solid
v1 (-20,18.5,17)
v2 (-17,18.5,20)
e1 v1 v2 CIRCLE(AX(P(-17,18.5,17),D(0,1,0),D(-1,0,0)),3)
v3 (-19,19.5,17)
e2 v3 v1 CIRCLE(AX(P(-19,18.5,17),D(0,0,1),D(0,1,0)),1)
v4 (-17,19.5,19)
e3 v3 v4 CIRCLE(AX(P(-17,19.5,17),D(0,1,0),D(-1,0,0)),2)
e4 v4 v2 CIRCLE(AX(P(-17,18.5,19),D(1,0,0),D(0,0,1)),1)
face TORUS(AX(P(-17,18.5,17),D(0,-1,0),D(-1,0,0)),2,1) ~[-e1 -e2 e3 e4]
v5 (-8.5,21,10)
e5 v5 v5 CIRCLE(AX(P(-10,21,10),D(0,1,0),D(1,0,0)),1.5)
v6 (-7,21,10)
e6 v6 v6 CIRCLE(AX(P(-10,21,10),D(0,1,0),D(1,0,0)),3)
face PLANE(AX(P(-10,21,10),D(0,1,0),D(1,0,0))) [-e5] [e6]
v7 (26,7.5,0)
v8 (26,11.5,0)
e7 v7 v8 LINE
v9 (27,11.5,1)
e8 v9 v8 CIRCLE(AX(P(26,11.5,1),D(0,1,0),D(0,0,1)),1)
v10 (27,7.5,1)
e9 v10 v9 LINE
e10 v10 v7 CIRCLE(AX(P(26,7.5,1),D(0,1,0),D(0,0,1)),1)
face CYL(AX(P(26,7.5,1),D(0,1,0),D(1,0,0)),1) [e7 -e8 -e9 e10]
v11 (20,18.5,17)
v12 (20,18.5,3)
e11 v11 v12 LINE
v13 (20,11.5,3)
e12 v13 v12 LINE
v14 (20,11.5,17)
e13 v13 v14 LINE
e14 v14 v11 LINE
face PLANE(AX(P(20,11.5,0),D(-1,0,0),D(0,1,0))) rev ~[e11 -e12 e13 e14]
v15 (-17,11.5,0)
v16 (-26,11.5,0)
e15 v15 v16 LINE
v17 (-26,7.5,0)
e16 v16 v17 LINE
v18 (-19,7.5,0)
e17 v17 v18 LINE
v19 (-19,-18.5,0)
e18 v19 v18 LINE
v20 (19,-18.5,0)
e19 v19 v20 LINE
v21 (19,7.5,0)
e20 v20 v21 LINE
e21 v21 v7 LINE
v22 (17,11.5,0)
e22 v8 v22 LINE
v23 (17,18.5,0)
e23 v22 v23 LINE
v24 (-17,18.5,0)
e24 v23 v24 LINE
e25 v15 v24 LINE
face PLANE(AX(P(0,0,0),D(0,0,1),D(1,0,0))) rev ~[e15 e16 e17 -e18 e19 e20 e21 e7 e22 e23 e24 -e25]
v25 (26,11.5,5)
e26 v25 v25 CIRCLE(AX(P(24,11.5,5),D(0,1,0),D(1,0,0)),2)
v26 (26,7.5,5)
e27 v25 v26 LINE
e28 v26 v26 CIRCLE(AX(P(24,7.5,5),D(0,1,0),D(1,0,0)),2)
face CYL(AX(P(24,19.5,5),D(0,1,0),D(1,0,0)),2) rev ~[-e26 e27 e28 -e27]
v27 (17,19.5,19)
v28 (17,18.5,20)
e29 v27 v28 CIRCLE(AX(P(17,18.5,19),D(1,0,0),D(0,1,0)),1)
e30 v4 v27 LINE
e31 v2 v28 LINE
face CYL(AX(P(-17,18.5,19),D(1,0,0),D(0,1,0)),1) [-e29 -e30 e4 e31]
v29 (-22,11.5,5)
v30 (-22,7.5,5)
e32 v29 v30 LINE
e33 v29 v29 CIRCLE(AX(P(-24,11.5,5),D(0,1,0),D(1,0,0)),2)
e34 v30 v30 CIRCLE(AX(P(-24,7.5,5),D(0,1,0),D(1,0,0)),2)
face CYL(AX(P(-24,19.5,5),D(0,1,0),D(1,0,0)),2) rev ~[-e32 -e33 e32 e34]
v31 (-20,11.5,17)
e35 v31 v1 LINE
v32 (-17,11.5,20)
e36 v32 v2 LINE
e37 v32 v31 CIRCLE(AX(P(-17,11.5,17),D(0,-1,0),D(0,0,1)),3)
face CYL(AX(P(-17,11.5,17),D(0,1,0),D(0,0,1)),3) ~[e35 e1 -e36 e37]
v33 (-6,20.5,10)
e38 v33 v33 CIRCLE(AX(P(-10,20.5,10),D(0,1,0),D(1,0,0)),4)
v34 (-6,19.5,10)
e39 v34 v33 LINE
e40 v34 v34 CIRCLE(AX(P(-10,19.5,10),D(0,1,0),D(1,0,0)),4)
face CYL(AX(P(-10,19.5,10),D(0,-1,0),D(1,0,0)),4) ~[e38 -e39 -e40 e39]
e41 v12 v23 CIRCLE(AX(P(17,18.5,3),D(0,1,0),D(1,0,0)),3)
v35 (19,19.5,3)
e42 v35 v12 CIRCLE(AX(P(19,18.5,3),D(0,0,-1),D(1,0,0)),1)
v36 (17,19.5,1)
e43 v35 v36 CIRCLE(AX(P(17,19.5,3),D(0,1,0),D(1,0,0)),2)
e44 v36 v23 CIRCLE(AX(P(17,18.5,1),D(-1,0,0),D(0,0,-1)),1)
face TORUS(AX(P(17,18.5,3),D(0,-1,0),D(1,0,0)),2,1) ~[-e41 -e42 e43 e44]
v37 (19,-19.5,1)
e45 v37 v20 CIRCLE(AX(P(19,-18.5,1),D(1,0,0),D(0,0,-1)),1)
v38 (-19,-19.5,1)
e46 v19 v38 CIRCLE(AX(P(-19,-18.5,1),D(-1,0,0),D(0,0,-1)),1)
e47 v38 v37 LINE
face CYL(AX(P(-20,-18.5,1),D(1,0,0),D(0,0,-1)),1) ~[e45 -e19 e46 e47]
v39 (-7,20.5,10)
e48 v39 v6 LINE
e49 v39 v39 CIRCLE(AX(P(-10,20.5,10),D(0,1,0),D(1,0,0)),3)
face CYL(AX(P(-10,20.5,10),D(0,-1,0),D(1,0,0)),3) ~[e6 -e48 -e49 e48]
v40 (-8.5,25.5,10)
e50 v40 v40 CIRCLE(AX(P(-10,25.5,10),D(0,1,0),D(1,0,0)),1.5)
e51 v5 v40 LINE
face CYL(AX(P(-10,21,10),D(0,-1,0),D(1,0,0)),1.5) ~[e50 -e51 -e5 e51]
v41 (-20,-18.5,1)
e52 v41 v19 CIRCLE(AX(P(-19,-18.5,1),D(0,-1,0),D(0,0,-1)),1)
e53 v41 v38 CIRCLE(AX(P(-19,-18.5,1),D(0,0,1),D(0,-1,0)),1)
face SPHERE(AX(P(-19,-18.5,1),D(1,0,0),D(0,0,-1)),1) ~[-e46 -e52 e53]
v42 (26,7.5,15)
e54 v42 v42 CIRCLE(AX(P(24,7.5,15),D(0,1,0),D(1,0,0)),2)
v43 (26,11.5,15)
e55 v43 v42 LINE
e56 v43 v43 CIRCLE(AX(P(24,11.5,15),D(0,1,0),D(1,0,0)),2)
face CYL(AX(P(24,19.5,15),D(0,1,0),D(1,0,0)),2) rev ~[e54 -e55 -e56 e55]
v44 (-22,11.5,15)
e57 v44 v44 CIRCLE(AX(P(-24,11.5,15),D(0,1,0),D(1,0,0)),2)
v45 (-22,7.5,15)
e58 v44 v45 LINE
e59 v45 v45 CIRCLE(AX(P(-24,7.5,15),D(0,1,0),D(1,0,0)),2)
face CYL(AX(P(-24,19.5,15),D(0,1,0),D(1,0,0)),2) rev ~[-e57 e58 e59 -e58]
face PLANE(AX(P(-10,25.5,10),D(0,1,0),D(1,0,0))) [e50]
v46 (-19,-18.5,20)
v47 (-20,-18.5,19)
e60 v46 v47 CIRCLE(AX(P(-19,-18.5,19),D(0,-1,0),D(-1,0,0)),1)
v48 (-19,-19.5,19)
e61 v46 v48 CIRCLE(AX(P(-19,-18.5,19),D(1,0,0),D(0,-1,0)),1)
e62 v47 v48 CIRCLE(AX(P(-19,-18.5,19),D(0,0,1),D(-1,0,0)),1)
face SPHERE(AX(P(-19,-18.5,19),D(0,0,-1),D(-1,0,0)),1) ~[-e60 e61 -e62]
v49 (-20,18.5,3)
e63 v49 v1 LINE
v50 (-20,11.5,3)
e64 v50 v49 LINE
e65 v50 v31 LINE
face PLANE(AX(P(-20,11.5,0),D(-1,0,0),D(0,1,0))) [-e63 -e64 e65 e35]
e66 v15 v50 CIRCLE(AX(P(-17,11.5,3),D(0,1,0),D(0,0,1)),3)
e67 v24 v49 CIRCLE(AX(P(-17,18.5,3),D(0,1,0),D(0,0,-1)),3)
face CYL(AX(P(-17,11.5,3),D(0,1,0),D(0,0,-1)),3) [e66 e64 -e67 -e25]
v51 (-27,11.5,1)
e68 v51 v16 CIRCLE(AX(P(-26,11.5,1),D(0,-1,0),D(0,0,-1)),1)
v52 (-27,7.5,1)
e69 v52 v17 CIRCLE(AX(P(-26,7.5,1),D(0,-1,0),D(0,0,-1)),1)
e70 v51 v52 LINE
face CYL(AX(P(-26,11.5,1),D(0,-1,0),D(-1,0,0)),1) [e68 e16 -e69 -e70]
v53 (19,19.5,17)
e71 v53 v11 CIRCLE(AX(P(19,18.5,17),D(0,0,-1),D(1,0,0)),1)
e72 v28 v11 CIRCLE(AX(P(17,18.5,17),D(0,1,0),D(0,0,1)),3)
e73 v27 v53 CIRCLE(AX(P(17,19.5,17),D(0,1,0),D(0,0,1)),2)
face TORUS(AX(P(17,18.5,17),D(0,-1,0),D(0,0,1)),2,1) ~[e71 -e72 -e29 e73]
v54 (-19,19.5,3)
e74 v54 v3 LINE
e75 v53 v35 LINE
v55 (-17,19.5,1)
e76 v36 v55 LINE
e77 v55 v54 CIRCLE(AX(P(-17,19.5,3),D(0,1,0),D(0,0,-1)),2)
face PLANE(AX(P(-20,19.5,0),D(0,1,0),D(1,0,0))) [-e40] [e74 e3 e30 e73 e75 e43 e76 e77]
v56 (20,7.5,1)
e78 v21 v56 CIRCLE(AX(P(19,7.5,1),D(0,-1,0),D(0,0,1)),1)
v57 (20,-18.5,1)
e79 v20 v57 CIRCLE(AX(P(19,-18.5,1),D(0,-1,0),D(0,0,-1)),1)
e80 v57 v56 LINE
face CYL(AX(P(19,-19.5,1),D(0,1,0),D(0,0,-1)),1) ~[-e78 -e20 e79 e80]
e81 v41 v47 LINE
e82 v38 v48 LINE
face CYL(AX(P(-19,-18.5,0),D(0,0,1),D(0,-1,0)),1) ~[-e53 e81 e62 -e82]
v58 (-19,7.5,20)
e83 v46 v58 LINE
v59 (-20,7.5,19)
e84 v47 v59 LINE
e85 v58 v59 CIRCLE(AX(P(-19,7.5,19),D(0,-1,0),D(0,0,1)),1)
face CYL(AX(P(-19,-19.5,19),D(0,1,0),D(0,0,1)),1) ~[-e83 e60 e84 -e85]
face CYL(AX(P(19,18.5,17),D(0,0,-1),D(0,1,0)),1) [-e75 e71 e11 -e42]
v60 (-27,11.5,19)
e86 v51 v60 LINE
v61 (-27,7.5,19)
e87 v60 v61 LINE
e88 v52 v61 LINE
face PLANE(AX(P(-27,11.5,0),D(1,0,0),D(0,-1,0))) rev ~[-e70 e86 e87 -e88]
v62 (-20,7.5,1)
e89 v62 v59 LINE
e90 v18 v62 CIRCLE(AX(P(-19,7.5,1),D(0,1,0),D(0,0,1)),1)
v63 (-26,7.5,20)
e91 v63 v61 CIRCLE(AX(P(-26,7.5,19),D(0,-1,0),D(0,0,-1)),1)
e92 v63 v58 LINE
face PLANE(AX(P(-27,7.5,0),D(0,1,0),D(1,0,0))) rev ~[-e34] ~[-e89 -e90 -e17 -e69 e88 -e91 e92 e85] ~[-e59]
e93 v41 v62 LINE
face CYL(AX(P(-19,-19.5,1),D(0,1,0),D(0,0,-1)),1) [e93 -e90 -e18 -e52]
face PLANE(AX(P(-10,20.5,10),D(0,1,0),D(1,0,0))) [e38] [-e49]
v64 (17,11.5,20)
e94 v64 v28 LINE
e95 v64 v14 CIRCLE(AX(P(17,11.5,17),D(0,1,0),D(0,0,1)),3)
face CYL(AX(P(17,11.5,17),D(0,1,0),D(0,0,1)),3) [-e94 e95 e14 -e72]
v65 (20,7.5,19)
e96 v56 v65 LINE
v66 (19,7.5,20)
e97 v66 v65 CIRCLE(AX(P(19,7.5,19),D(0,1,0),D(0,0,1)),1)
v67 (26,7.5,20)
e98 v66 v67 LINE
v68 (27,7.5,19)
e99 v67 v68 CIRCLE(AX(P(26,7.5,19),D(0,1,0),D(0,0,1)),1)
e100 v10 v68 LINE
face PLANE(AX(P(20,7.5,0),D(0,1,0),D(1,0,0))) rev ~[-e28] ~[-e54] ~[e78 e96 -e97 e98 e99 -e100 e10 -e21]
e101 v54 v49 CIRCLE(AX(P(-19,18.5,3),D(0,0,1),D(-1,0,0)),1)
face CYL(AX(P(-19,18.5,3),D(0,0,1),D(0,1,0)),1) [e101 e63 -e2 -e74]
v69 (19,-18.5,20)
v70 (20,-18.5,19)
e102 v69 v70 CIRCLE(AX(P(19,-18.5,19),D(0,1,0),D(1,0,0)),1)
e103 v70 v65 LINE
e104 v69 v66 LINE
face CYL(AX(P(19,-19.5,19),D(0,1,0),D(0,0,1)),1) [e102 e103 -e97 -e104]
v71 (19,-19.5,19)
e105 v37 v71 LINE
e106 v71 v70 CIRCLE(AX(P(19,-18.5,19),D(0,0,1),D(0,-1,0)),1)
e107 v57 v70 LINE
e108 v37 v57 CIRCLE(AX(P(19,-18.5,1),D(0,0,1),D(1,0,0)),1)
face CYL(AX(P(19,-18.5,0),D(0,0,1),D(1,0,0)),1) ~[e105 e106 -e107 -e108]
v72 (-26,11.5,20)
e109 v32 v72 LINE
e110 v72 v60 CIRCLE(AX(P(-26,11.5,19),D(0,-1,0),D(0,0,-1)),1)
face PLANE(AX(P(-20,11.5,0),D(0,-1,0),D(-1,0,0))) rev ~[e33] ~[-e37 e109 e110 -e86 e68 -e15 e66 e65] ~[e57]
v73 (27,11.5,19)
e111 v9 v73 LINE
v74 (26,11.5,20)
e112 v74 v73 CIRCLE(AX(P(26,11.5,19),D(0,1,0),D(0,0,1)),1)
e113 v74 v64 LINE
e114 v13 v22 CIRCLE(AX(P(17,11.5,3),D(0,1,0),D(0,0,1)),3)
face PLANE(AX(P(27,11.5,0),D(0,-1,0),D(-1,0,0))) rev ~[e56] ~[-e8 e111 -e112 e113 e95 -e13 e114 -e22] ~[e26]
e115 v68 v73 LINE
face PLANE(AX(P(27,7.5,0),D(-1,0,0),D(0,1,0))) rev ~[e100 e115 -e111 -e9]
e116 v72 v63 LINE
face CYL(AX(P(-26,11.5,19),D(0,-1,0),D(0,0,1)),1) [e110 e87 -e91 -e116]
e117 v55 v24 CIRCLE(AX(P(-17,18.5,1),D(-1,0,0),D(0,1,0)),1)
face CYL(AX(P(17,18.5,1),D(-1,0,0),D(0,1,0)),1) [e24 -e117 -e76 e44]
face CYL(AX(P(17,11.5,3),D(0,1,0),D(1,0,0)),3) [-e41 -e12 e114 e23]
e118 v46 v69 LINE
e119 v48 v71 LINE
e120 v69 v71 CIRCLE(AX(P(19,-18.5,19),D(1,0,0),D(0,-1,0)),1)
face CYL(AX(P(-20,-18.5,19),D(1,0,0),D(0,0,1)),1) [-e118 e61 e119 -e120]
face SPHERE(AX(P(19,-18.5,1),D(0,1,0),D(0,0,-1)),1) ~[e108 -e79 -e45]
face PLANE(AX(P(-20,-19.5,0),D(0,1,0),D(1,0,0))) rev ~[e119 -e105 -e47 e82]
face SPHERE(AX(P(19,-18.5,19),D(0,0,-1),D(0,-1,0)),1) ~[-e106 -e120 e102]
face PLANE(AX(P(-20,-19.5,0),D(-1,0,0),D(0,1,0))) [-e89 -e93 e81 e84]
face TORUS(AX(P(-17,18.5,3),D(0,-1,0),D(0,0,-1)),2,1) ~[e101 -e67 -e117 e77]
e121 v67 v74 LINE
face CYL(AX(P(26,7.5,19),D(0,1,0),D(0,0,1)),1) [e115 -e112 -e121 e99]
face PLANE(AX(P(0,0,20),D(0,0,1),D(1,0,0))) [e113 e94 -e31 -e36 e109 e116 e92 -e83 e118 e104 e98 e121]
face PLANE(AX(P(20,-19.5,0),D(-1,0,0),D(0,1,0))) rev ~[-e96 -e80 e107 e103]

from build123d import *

# Parameters (mm, degrees)
SKETCH_1_W          = 40
SKETCH_1_H          = 39
SKETCH_1_R          = 2
EXTRUDE_2_DEPTH     = 20
SKETCH_4_R          = 2
CUT_EXTRUDE_1_DEPTH = 20
SKETCH_5_R          = 4
EXTRUDE_3_DEPTH     = 1
SKETCH_6_R          = 3
EXTRUDE_4_DEPTH     = 0.5
SKETCH_7_R          = 1.5
EXTRUDE_5_DEPTH     = 4.5
FILLET_2_R          = 3
FILLET_3_R          = 3
FILLET_4_R          = 1
FILLET_5_R          = 1
FILLET_6_R          = 1
FILLET_8_R          = 1


with BuildPart() as part:
    # 草图1 → 凸台-拉伸2 (new body)
    with BuildSketch(Plane.XY):
        Rectangle(SKETCH_1_W, SKETCH_1_H)
        with BuildLine():
            Line((-20, 7.5), (-20, 11.5))
            Line((-20, 11.5), (-24, 11.5))
            ThreePointArc((-24, 11.5), (-22.585786438, 10.914213562), (-22, 9.5))
            ThreePointArc((-22, 9.5), (-22.585786438, 8.085786438), (-24, 7.5))
            Line((-24, 7.5), (-20, 7.5))
        make_face()
        with BuildLine():
            ThreePointArc((-24, 7.5), (-26, 9.5), (-24, 11.5))
            Line((-24, 11.5), (-27, 11.5))
            Line((-27, 11.5), (-27, 7.5))
            Line((-27, 7.5), (-24, 7.5))
        make_face()
        with Locations((-24, 9.5)):
            Circle(SKETCH_1_R)
        Polygon((27, 11.5), (20, 11.5), (20, 7.5), (24, 7.5), (27, 7.5), align=None)
    extrude(amount=EXTRUDE_2_DEPTH)

    # 草图4 → 切除-拉伸1 (cut)
    with BuildSketch(Plane(origin=(0, 19.5, 0), x_dir=(1, 0, 0), z_dir=(0, 1, 0))):
        with Locations((-24, -15)):
            Circle(SKETCH_4_R)
        with Locations((24, -15)):
            Circle(SKETCH_4_R)
        with Locations((-24, -5)):
            Circle(SKETCH_4_R)
        with Locations((24, -5)):
            Circle(SKETCH_4_R)
    extrude(amount=-CUT_EXTRUDE_1_DEPTH, mode=Mode.SUBTRACT)

    # 草图5 → 凸台-拉伸3 (add)
    with BuildSketch(Plane(origin=(0, 19.5, 0), x_dir=(1, 0, 0), z_dir=(0, 1, 0))):
        with Locations((-10, -10)):
            Circle(SKETCH_5_R)
    extrude(amount=EXTRUDE_3_DEPTH)

    # 草图6 → 凸台-拉伸4 (add)
    with BuildSketch(Plane(origin=(0, 20.5, 0), x_dir=(1, 0, 0), z_dir=(0, 1, 0))):
        with Locations((-10, -10)):
            Circle(SKETCH_6_R)
    extrude(amount=EXTRUDE_4_DEPTH)

    # 草图7 → 凸台-拉伸5 (add)
    with BuildSketch(Plane(origin=(0, 21, 0), x_dir=(1, 0, 0), z_dir=(0, 1, 0))):
        with Locations((-10, -10)):
            Circle(SKETCH_7_R)
    extrude(amount=EXTRUDE_5_DEPTH)

    # 圆角2
    fillet_2_edges = [part.edges().sort_by_distance(p)[0] for p in [
        (-20, 15.5, 20),
    ]]
    fillet(fillet_2_edges, radius=FILLET_2_R)

    # 圆角3
    fillet_3_edges = [part.edges().sort_by_distance(p)[0] for p in [
        (-20, 15.5, 0),
        (20, 15.5, 0),
        (20, 15.5, 20),
    ]]
    fillet(fillet_3_edges, radius=FILLET_3_R)

    # 圆角4
    fillet_4_edges = [part.edges().sort_by_distance(p)[0] for p in [
        (20, -6, 0),
        (0, -19.5, 0),
        (-20, -6, 0),
        (20, -19.5, 10),
        (-20, -19.5, 10),
        (-20, -6, 20),
        (0, -19.5, 20),
        (20, -6, 20),
    ]]
    fillet(fillet_4_edges, radius=FILLET_4_R)

    # 圆角5
    fillet_5_edges = [part.edges().sort_by_distance(p)[0] for p in [
        (-27, 9.5, 0),
        (-27, 9.5, 20),
    ]]
    fillet(fillet_5_edges, radius=FILLET_5_R)

    # 圆角6
    fillet_6_edges = [part.edges().sort_by_distance(p)[0] for p in [
        (19.121320344, 19.5, 0.878679656),
        (19.121320344, 19.5, 19.121320344),
        (0, 19.5, 20),
        (-20, 19.5, 10),
        (-19.121320344, 19.5, 19.121320344),
        (20, 19.5, 10),
        (0, 19.5, 0),
        (-19.121320344, 19.5, 0.878679656),
    ]]
    fillet(fillet_6_edges, radius=FILLET_6_R)

    # 圆角8
    fillet_8_edges = [part.edges().sort_by_distance(p)[0] for p in [
        (27, 9.5, 0),
        (27, 9.5, 20),
    ]]
    fillet(fillet_8_edges, radius=FILLET_8_R)


solid = part.part
